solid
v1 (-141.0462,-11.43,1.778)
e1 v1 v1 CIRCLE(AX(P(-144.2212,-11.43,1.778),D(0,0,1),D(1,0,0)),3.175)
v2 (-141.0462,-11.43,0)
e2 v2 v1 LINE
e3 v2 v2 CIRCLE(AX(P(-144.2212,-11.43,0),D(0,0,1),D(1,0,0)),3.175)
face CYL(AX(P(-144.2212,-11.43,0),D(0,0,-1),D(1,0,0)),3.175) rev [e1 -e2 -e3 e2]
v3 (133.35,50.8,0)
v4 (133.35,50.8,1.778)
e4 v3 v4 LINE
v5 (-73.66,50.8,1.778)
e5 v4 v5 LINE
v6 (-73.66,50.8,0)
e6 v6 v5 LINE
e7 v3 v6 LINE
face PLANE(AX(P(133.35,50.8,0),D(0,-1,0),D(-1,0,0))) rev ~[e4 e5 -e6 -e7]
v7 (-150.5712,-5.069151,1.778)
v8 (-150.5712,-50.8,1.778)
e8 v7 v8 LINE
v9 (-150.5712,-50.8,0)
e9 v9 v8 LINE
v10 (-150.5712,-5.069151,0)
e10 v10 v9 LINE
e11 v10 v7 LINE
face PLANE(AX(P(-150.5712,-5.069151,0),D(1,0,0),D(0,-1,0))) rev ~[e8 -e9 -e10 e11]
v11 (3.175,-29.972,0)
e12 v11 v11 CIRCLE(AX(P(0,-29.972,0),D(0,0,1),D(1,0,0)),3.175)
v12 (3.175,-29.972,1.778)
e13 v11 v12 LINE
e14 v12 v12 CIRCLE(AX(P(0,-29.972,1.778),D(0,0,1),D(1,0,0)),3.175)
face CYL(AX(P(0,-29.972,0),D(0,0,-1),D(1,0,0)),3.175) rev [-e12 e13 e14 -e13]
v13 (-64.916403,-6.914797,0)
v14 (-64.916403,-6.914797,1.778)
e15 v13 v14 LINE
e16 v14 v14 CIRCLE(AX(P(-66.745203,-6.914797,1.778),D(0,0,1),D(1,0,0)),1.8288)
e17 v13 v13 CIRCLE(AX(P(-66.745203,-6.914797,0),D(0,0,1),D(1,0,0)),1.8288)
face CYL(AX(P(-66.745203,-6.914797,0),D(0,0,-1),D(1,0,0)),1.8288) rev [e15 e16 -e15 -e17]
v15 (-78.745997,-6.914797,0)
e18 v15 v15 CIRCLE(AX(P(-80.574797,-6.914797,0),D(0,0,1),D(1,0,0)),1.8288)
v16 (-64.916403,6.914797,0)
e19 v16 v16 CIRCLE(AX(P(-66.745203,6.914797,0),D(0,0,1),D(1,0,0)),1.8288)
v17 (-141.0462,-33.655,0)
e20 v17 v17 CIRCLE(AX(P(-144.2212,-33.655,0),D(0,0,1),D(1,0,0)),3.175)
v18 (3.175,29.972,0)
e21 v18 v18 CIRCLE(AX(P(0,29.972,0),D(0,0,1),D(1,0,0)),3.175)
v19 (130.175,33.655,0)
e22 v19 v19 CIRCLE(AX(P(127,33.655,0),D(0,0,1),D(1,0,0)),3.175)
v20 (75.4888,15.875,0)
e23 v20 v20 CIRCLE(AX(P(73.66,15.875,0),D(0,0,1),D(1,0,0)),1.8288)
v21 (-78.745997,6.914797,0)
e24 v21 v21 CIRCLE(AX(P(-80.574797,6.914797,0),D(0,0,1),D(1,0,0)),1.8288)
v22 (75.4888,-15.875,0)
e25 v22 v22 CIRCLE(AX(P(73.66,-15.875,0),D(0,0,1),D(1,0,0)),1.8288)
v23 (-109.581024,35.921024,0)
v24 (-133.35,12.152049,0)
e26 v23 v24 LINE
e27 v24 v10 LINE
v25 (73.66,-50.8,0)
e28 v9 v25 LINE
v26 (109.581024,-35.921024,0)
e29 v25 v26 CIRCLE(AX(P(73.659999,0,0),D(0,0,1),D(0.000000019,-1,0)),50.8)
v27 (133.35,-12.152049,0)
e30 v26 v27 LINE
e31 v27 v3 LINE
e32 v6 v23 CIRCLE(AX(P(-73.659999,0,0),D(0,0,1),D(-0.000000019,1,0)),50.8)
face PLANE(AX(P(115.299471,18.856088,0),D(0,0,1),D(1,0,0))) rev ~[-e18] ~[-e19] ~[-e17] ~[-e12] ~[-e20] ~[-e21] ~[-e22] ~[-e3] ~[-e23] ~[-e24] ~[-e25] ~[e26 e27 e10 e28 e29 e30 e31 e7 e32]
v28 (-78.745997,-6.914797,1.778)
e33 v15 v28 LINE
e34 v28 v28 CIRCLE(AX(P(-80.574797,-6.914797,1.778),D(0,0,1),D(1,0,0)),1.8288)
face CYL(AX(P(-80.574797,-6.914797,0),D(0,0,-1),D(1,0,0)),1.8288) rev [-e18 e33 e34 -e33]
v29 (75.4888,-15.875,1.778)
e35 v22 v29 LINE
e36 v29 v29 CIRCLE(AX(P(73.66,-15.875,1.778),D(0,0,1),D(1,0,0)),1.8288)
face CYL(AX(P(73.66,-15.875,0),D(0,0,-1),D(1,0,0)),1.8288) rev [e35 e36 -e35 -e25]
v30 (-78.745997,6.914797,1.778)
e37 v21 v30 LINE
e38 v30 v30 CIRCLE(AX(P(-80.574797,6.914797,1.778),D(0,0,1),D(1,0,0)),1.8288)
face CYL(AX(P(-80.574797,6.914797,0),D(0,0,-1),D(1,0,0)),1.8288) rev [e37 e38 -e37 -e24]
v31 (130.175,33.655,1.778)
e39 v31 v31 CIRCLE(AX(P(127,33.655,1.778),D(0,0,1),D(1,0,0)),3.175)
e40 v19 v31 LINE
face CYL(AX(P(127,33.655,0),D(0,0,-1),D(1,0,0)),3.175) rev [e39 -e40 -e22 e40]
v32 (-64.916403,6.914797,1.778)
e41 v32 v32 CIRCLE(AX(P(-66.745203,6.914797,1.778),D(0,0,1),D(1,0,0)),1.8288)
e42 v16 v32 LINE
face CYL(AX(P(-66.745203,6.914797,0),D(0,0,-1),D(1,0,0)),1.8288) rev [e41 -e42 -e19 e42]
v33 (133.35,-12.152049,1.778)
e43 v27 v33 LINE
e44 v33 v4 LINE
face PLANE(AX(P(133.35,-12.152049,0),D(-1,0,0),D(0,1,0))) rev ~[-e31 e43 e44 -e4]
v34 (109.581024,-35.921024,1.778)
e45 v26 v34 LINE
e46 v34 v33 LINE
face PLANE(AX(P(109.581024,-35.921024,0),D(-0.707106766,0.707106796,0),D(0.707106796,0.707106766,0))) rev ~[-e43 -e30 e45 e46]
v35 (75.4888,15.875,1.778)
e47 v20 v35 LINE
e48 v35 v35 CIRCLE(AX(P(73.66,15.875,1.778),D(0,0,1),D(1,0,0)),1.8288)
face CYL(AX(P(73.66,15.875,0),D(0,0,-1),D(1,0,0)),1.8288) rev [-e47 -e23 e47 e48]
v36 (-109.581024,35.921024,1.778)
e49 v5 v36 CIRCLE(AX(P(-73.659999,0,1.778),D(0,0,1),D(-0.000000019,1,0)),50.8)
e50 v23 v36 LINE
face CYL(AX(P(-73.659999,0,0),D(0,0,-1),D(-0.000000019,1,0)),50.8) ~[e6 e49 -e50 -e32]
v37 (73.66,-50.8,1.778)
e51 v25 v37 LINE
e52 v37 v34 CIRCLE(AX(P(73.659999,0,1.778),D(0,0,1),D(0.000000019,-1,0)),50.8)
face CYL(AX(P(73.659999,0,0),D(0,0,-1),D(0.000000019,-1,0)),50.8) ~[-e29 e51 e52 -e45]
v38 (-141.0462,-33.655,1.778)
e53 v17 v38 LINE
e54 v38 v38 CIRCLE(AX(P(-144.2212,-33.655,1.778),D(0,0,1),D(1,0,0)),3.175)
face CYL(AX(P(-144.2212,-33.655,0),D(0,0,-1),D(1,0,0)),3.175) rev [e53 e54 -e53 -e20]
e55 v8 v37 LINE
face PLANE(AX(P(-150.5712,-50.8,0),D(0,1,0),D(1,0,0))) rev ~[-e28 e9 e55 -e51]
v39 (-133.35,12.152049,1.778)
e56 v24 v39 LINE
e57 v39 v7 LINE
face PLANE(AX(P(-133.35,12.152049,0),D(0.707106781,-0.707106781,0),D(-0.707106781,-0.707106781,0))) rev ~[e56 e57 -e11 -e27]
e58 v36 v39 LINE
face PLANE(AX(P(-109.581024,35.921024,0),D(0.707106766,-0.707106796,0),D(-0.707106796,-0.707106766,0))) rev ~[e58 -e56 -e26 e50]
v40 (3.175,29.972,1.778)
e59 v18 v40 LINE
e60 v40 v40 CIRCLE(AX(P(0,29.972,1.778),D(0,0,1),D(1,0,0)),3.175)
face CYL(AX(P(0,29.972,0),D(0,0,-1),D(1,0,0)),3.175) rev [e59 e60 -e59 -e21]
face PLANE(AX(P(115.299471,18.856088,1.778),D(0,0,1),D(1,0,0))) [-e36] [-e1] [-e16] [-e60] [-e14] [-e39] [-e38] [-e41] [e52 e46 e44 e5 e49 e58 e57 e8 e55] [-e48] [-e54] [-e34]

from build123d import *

# Parameters (mm, degrees)
F0_R     = 3.175
F0_R_2   = 1.8288
F1_DEPTH = 1.778


with BuildPart() as f1:
    # F0 (on Top) → F1 (new body)
    with BuildSketch(Plane.XY):
        with BuildLine():
            Line((133.35, -12.152049), (133.35, 50.8))
            Line((133.35, 50.8), (73.66, 50.8))
            ThreePointArc((73.66, 50.8), (109.581024, 35.921024), (124.46, 0))
            ThreePointArc((124.46, 0), (120.59308, -19.440318), (109.581024, -35.921024))
            Line((109.581024, -35.921024), (133.35, -12.152049))
        make_face()
        with Locations((127, 33.655)):
            Circle(F0_R, mode=Mode.SUBTRACT)
        with BuildLine():
            ThreePointArc((124.46, 0), (109.581024, 35.921024), (73.66, 50.8))
            ThreePointArc((73.66, 50.8), (22.86, 0), (73.66, -50.8))
            ThreePointArc((73.66, -50.8), (93.100318, -46.93308), (109.581024, -35.921024))
            ThreePointArc((109.581024, -35.921024), (120.59308, -19.440318), (124.46, 0))
        make_face()
        with Locations((73.66, -15.875)):
            Circle(F0_R_2, mode=Mode.SUBTRACT)
        with Locations((66.745203, -6.914797)):
            Circle(F0_R_2, mode=Mode.SUBTRACT)
        with Locations((80.574797, -6.914797)):
            Circle(F0_R_2, mode=Mode.SUBTRACT)
        with Locations((66.745203, 6.914797)):
            Circle(F0_R_2, mode=Mode.SUBTRACT)
        with Locations((80.574797, 6.914797)):
            Circle(F0_R_2, mode=Mode.SUBTRACT)
        with Locations((73.66, 15.875)):
            Circle(F0_R_2, mode=Mode.SUBTRACT)
        with BuildLine():
            ThreePointArc((73.66, -50.8), (22.86, 0), (73.66, 50.8))
            Line((73.66, 50.8), (-73.66, 50.8))
            ThreePointArc((-73.66, 50.8), (-37.738975, 35.921024), (-22.86, 0))
            ThreePointArc((-22.86, 0), (-37.738976, -35.921025), (-73.66, -50.8))
            Line((-73.66, -50.8), (73.66, -50.8))
        make_face()
        with Locations((0, -29.972)):
            Circle(F0_R, mode=Mode.SUBTRACT)
        with Locations((0, 29.972)):
            Circle(F0_R, mode=Mode.SUBTRACT)
        with BuildLine():
            ThreePointArc((-73.66, -50.8), (-120.59308, -19.440318), (-109.581024, 35.921024))
            Line((-109.581024, 35.921024), (-133.35, 12.152049))
            Line((-133.35, 12.152049), (-133.35, -50.8))
            Line((-133.35, -50.8), (-73.66, -50.8))
        make_face()
        Polygon((-133.35, -50.8), (-133.35, 12.152049), (-150.5712, -5.069151), (-150.5712, -50.8), align=None)
        with Locations((-144.2212, -33.655)):
            Circle(F0_R, mode=Mode.SUBTRACT)
        with Locations((-144.2212, -11.43)):
            Circle(F0_R, mode=Mode.SUBTRACT)
        with BuildLine():
            ThreePointArc((-22.86, 0), (-37.738975, 35.921024), (-73.66, 50.8))
            ThreePointArc((-73.66, 50.8), (-93.100318, 46.93308), (-109.581024, 35.921024))
            ThreePointArc((-109.581024, 35.921024), (-120.59308, -19.440318), (-73.66, -50.8))
            ThreePointArc((-73.66, -50.8), (-37.738976, -35.921025), (-22.86, 0))
        make_face()
        with Locations((-80.574797, -6.914797)):
            Circle(F0_R_2, mode=Mode.SUBTRACT)
        with Locations((-73.66, -15.875)):
            Circle(F0_R_2, mode=Mode.SUBTRACT)
        with Locations((-66.745203, -6.914797)):
            Circle(F0_R_2, mode=Mode.SUBTRACT)
        with Locations((-80.574797, 6.914797)):
            Circle(F0_R_2, mode=Mode.SUBTRACT)
        with Locations((-66.745203, 6.914797)):
            Circle(F0_R_2, mode=Mode.SUBTRACT)
        with Locations((-73.66, 15.875)):
            Circle(F0_R_2, mode=Mode.SUBTRACT)
        with Locations((-73.66, 15.875)):
            Circle(F0_R_2)
        with Locations((-73.66, -15.875)):
            Circle(F0_R_2)
        with Locations((66.745203, 6.914797)):
            Circle(F0_R_2)
        with Locations((66.745203, -6.914797)):
            Circle(F0_R_2)
        with Locations((80.574797, 6.914797)):
            Circle(F0_R_2)
        with Locations((80.574797, -6.914797)):
            Circle(F0_R_2)
    extrude(amount=F1_DEPTH)


solid = f1.part
